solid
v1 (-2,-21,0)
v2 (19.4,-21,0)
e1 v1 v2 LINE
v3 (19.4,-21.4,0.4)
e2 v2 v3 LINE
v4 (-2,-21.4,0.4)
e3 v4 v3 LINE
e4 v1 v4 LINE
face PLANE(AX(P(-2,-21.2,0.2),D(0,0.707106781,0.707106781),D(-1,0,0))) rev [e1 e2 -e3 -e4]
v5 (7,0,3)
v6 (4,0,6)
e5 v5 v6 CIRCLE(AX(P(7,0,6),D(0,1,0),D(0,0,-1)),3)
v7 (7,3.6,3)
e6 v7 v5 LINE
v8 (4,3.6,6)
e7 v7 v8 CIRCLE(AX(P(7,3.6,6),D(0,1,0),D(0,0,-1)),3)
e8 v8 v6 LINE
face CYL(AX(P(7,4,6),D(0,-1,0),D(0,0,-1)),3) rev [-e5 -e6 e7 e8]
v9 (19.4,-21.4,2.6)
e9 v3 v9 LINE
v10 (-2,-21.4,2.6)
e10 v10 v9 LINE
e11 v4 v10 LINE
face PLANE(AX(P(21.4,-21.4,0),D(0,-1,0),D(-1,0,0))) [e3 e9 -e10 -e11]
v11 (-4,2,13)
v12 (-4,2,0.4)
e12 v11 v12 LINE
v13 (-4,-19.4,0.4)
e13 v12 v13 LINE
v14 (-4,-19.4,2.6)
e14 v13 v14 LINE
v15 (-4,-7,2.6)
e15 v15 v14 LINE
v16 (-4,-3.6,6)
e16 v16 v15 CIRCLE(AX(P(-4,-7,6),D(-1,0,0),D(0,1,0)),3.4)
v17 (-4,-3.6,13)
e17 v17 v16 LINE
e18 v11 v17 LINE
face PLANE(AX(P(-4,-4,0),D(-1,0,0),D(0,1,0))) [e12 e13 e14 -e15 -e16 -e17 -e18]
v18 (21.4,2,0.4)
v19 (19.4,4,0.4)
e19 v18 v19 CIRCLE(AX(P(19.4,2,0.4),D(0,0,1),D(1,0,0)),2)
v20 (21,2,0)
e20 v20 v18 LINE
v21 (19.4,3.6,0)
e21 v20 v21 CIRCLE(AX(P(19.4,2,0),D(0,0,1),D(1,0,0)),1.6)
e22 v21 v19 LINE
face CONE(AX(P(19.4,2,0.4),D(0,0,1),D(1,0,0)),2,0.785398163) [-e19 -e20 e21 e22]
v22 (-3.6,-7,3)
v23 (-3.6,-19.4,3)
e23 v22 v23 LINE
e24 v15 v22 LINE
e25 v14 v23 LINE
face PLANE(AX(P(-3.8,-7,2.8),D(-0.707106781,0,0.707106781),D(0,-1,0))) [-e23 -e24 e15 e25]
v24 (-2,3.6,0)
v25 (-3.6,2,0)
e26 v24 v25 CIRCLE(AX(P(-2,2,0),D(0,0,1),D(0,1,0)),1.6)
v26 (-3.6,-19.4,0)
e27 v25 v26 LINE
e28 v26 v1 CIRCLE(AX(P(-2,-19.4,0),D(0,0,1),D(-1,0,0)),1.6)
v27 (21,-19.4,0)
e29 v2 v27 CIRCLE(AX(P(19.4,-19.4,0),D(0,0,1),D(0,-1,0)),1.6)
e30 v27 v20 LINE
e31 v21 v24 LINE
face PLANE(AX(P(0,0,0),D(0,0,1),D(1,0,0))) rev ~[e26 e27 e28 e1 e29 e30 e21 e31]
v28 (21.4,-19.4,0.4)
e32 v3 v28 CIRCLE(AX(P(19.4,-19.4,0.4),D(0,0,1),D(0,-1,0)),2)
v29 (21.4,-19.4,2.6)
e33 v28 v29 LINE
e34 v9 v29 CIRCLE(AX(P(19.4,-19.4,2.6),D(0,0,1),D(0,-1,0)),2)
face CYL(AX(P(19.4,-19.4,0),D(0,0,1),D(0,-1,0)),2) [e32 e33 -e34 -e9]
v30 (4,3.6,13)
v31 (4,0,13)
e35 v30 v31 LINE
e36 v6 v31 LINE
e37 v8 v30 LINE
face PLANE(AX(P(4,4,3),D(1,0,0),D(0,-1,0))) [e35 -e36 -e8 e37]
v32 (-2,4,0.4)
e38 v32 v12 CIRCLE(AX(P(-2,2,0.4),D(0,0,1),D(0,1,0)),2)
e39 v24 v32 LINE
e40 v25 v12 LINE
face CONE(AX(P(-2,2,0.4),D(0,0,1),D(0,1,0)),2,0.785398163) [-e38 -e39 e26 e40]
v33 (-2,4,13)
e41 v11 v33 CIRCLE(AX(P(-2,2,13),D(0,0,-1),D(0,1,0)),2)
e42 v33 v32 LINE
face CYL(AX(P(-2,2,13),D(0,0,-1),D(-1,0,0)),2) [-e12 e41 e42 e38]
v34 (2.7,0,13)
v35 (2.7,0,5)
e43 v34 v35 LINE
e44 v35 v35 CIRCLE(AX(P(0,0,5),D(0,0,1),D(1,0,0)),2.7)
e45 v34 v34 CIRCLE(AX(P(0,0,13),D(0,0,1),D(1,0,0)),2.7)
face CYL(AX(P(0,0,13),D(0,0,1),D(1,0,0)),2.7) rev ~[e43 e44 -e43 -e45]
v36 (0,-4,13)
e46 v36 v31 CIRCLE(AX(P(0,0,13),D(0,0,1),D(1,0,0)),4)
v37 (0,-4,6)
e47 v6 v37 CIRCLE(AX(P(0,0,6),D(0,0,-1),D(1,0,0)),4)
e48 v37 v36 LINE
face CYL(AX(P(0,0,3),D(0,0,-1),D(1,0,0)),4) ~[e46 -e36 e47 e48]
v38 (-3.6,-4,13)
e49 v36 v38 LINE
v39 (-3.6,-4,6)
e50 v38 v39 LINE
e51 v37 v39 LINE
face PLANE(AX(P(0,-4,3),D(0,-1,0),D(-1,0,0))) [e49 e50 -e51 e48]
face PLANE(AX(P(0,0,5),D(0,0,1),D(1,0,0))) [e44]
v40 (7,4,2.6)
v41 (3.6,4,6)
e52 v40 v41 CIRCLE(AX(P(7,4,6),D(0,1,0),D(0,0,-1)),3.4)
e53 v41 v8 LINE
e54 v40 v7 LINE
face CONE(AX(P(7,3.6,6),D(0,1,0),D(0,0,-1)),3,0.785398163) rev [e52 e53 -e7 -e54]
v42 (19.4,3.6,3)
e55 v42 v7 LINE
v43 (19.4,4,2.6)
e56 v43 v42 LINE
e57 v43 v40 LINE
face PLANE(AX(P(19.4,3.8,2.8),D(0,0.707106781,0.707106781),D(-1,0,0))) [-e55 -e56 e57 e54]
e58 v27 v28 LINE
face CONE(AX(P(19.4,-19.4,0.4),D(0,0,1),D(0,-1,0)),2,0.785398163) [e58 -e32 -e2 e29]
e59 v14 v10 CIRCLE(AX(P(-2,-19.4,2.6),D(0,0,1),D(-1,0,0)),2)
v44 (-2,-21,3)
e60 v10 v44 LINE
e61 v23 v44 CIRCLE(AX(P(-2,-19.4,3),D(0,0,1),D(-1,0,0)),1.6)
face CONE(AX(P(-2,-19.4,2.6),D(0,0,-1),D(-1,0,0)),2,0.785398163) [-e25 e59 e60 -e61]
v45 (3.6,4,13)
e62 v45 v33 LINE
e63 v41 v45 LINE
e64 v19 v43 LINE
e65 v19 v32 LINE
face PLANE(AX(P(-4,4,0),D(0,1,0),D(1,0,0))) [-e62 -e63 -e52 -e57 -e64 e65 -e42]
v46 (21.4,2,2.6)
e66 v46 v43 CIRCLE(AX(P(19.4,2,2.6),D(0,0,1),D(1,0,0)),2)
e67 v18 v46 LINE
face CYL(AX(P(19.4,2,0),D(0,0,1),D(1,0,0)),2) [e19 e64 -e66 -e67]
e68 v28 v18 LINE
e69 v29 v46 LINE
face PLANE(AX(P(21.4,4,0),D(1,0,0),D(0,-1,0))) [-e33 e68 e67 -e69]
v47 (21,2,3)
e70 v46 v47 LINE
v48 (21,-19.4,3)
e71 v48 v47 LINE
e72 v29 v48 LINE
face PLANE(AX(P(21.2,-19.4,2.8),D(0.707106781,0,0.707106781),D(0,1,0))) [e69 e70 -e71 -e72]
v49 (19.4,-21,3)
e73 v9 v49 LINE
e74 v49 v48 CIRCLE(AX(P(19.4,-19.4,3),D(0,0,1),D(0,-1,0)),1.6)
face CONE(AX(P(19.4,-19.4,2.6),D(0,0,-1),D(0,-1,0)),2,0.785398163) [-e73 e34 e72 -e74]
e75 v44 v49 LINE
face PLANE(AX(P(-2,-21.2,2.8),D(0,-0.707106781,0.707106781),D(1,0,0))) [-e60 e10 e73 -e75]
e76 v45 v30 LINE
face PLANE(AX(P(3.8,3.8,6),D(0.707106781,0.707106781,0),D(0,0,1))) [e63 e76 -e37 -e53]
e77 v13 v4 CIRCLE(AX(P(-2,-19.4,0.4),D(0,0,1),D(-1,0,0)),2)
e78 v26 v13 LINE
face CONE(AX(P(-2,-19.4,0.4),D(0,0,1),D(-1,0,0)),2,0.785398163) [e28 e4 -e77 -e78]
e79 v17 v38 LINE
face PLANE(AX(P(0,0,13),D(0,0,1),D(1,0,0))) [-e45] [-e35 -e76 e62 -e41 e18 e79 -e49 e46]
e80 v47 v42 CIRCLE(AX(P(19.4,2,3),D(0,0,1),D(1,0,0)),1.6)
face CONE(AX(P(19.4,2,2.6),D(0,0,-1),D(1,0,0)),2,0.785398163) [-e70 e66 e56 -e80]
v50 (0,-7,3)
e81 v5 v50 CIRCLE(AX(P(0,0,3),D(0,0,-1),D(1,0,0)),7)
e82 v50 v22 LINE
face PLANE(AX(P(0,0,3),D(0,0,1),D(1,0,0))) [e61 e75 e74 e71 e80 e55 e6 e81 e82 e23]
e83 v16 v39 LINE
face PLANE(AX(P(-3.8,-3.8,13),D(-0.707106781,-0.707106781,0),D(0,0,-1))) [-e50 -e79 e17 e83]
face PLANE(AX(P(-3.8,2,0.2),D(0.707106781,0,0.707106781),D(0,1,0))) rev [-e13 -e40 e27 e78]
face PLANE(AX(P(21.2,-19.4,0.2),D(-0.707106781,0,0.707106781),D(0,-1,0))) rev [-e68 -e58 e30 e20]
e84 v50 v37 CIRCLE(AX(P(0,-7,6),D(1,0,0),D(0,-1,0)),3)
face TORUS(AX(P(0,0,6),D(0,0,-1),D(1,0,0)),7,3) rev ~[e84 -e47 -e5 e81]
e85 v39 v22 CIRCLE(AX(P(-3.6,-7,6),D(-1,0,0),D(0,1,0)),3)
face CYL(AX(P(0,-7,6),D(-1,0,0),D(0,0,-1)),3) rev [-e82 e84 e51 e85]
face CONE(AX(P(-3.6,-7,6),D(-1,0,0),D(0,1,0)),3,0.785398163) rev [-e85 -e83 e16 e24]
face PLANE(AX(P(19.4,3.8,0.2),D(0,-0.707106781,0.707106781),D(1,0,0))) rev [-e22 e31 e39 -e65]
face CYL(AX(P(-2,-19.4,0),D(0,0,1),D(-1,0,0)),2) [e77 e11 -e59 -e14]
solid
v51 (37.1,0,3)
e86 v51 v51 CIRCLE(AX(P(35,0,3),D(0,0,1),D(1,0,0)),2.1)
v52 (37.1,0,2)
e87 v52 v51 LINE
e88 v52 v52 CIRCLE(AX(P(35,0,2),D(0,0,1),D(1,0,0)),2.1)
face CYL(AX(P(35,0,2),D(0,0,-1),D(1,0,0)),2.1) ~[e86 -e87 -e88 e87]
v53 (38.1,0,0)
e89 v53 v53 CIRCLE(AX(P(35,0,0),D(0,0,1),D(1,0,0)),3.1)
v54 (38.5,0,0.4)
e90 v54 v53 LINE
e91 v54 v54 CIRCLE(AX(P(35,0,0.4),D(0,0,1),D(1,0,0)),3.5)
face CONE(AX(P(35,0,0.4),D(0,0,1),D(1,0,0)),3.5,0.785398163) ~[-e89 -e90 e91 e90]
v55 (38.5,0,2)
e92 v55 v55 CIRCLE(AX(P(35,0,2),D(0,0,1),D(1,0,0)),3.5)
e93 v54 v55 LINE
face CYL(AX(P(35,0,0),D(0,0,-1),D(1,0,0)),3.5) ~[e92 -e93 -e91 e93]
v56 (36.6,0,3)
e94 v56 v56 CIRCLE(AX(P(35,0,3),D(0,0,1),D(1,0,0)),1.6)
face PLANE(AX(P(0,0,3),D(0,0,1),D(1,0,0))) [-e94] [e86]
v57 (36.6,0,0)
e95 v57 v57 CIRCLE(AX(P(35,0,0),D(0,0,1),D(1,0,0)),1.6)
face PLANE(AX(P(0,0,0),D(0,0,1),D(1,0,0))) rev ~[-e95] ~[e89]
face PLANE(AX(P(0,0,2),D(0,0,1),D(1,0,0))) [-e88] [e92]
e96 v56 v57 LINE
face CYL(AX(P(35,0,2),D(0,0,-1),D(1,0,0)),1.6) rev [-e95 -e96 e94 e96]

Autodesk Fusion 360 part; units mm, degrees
sketch "Sketch1" plane through (0, 0, 0) normal (0, 0, 1) x (1, 0, 0)
  circle A0 centre (0, 0) radius 2.7
  circle A1 centre (0, 0) radius 4
  line L0 (4, -4) -> (-4, -4)
  line L1 (-4, -4) -> (-4, 4)
  line L2 (-4, 4) -> (4, 4)
  line L3 (4, 4) -> (4, -4)
  line L4 (4, -4) -> (-4, 4) construction
  line L5 (-4, -4) -> (4, 4) construction
  circle A2 centre (35, 0) radius 1.6
  circle A3 centre (35, 0) radius 2.1
  circle A4 centre (35, 0) radius 3.5
  line L6 (-4, 4) -> (21.4, 4)
  line L7 (21.4, 4) -> (21.4, -21.4)
  line L8 (21.4, -21.4) -> (-4, -21.4)
  line L9 (-4, -21.4) -> (-4, 4)
  dimension "d3" = 5.4
  dimension "d4" = 8
  dimension "d15" = 3.2
  dimension "d16" = 4.2
  dimension "d17" = 7
  dimension "d25" = 25.4
  dimension "d26" = 25.4
extrude "Extrude1" add sketch "Sketch1" along normal blind 3 contours A0 | A1 | A1 L0 L3 | A1 L2 L3 L6 | L0 L3 L6 L7 L8 L9 | A1 L1 L2 L6 L9 | A1 L0 L1 L9 makes body 1
extrude "Extrude2" add sketch "Sketch1" along normal blind 10 from surface at 3 contours A0 | A1 | A1 L2 L3 L6 | A1 L1 L2 L6 L9 | A1 L0 L1 L9 bodies 1
extrude "Extrude3" cut sketch "Sketch1" against normal blind 8 from surface at 13 contours A0 bodies 1
fillet "Fillet2" radius 2 4 edges at (-4, 4, 6.5) (21.4, 4, 1.5) (21.4, -21.4, 1.5) (-4, -21.4, 1.5) on bodies 1
fillet "Fillet3" radius 3 3 edges at (4, 2, 3) (2.8284, -2.8284, 3) (-2, -4, 3) on bodies 1
chamfer "Chamfer4" distance 0.4 angle 45 8 edges at (20.8142, -20.8142, 0) (8.7, -21.4, 0) (-3.4142, -20.8142, 0) (-4, -8.7, 0) (-3.4142, 3.4142, 0) (8.7, 4, 0) (20.8142, 3.4142, 0) (21.4, -8.7, 0) on bodies 1
chamfer "Chamfer6" distance 0.4 angle 45 11 edges at (4, 4, 9.5) (4.8787, 4, 3.8787) (13.2, 4, 3) (20.8142, 3.4142, 3) (21.4, -8.7, 3) (20.8142, -20.8142, 3) (8.7, -21.4, 3) (-3.4142, -20.8142, 3) (-4, -13.2, 3) (-4, -4.8787, 3.8787) (-4, -4, 9.5) on bodies 1
extrude "Extrude4" add sketch "Sketch1" along normal blind 2 separate body contours A3 | A4 makes body 2
extrude "Extrude5" add sketch "Sketch1" along normal blind 1 from surface at 2 contours A3 bodies 2
chamfer "Chamfer2" distance 0.4 angle 45 1 edges at (31.7369, -1.2657, 0) on bodies 2
